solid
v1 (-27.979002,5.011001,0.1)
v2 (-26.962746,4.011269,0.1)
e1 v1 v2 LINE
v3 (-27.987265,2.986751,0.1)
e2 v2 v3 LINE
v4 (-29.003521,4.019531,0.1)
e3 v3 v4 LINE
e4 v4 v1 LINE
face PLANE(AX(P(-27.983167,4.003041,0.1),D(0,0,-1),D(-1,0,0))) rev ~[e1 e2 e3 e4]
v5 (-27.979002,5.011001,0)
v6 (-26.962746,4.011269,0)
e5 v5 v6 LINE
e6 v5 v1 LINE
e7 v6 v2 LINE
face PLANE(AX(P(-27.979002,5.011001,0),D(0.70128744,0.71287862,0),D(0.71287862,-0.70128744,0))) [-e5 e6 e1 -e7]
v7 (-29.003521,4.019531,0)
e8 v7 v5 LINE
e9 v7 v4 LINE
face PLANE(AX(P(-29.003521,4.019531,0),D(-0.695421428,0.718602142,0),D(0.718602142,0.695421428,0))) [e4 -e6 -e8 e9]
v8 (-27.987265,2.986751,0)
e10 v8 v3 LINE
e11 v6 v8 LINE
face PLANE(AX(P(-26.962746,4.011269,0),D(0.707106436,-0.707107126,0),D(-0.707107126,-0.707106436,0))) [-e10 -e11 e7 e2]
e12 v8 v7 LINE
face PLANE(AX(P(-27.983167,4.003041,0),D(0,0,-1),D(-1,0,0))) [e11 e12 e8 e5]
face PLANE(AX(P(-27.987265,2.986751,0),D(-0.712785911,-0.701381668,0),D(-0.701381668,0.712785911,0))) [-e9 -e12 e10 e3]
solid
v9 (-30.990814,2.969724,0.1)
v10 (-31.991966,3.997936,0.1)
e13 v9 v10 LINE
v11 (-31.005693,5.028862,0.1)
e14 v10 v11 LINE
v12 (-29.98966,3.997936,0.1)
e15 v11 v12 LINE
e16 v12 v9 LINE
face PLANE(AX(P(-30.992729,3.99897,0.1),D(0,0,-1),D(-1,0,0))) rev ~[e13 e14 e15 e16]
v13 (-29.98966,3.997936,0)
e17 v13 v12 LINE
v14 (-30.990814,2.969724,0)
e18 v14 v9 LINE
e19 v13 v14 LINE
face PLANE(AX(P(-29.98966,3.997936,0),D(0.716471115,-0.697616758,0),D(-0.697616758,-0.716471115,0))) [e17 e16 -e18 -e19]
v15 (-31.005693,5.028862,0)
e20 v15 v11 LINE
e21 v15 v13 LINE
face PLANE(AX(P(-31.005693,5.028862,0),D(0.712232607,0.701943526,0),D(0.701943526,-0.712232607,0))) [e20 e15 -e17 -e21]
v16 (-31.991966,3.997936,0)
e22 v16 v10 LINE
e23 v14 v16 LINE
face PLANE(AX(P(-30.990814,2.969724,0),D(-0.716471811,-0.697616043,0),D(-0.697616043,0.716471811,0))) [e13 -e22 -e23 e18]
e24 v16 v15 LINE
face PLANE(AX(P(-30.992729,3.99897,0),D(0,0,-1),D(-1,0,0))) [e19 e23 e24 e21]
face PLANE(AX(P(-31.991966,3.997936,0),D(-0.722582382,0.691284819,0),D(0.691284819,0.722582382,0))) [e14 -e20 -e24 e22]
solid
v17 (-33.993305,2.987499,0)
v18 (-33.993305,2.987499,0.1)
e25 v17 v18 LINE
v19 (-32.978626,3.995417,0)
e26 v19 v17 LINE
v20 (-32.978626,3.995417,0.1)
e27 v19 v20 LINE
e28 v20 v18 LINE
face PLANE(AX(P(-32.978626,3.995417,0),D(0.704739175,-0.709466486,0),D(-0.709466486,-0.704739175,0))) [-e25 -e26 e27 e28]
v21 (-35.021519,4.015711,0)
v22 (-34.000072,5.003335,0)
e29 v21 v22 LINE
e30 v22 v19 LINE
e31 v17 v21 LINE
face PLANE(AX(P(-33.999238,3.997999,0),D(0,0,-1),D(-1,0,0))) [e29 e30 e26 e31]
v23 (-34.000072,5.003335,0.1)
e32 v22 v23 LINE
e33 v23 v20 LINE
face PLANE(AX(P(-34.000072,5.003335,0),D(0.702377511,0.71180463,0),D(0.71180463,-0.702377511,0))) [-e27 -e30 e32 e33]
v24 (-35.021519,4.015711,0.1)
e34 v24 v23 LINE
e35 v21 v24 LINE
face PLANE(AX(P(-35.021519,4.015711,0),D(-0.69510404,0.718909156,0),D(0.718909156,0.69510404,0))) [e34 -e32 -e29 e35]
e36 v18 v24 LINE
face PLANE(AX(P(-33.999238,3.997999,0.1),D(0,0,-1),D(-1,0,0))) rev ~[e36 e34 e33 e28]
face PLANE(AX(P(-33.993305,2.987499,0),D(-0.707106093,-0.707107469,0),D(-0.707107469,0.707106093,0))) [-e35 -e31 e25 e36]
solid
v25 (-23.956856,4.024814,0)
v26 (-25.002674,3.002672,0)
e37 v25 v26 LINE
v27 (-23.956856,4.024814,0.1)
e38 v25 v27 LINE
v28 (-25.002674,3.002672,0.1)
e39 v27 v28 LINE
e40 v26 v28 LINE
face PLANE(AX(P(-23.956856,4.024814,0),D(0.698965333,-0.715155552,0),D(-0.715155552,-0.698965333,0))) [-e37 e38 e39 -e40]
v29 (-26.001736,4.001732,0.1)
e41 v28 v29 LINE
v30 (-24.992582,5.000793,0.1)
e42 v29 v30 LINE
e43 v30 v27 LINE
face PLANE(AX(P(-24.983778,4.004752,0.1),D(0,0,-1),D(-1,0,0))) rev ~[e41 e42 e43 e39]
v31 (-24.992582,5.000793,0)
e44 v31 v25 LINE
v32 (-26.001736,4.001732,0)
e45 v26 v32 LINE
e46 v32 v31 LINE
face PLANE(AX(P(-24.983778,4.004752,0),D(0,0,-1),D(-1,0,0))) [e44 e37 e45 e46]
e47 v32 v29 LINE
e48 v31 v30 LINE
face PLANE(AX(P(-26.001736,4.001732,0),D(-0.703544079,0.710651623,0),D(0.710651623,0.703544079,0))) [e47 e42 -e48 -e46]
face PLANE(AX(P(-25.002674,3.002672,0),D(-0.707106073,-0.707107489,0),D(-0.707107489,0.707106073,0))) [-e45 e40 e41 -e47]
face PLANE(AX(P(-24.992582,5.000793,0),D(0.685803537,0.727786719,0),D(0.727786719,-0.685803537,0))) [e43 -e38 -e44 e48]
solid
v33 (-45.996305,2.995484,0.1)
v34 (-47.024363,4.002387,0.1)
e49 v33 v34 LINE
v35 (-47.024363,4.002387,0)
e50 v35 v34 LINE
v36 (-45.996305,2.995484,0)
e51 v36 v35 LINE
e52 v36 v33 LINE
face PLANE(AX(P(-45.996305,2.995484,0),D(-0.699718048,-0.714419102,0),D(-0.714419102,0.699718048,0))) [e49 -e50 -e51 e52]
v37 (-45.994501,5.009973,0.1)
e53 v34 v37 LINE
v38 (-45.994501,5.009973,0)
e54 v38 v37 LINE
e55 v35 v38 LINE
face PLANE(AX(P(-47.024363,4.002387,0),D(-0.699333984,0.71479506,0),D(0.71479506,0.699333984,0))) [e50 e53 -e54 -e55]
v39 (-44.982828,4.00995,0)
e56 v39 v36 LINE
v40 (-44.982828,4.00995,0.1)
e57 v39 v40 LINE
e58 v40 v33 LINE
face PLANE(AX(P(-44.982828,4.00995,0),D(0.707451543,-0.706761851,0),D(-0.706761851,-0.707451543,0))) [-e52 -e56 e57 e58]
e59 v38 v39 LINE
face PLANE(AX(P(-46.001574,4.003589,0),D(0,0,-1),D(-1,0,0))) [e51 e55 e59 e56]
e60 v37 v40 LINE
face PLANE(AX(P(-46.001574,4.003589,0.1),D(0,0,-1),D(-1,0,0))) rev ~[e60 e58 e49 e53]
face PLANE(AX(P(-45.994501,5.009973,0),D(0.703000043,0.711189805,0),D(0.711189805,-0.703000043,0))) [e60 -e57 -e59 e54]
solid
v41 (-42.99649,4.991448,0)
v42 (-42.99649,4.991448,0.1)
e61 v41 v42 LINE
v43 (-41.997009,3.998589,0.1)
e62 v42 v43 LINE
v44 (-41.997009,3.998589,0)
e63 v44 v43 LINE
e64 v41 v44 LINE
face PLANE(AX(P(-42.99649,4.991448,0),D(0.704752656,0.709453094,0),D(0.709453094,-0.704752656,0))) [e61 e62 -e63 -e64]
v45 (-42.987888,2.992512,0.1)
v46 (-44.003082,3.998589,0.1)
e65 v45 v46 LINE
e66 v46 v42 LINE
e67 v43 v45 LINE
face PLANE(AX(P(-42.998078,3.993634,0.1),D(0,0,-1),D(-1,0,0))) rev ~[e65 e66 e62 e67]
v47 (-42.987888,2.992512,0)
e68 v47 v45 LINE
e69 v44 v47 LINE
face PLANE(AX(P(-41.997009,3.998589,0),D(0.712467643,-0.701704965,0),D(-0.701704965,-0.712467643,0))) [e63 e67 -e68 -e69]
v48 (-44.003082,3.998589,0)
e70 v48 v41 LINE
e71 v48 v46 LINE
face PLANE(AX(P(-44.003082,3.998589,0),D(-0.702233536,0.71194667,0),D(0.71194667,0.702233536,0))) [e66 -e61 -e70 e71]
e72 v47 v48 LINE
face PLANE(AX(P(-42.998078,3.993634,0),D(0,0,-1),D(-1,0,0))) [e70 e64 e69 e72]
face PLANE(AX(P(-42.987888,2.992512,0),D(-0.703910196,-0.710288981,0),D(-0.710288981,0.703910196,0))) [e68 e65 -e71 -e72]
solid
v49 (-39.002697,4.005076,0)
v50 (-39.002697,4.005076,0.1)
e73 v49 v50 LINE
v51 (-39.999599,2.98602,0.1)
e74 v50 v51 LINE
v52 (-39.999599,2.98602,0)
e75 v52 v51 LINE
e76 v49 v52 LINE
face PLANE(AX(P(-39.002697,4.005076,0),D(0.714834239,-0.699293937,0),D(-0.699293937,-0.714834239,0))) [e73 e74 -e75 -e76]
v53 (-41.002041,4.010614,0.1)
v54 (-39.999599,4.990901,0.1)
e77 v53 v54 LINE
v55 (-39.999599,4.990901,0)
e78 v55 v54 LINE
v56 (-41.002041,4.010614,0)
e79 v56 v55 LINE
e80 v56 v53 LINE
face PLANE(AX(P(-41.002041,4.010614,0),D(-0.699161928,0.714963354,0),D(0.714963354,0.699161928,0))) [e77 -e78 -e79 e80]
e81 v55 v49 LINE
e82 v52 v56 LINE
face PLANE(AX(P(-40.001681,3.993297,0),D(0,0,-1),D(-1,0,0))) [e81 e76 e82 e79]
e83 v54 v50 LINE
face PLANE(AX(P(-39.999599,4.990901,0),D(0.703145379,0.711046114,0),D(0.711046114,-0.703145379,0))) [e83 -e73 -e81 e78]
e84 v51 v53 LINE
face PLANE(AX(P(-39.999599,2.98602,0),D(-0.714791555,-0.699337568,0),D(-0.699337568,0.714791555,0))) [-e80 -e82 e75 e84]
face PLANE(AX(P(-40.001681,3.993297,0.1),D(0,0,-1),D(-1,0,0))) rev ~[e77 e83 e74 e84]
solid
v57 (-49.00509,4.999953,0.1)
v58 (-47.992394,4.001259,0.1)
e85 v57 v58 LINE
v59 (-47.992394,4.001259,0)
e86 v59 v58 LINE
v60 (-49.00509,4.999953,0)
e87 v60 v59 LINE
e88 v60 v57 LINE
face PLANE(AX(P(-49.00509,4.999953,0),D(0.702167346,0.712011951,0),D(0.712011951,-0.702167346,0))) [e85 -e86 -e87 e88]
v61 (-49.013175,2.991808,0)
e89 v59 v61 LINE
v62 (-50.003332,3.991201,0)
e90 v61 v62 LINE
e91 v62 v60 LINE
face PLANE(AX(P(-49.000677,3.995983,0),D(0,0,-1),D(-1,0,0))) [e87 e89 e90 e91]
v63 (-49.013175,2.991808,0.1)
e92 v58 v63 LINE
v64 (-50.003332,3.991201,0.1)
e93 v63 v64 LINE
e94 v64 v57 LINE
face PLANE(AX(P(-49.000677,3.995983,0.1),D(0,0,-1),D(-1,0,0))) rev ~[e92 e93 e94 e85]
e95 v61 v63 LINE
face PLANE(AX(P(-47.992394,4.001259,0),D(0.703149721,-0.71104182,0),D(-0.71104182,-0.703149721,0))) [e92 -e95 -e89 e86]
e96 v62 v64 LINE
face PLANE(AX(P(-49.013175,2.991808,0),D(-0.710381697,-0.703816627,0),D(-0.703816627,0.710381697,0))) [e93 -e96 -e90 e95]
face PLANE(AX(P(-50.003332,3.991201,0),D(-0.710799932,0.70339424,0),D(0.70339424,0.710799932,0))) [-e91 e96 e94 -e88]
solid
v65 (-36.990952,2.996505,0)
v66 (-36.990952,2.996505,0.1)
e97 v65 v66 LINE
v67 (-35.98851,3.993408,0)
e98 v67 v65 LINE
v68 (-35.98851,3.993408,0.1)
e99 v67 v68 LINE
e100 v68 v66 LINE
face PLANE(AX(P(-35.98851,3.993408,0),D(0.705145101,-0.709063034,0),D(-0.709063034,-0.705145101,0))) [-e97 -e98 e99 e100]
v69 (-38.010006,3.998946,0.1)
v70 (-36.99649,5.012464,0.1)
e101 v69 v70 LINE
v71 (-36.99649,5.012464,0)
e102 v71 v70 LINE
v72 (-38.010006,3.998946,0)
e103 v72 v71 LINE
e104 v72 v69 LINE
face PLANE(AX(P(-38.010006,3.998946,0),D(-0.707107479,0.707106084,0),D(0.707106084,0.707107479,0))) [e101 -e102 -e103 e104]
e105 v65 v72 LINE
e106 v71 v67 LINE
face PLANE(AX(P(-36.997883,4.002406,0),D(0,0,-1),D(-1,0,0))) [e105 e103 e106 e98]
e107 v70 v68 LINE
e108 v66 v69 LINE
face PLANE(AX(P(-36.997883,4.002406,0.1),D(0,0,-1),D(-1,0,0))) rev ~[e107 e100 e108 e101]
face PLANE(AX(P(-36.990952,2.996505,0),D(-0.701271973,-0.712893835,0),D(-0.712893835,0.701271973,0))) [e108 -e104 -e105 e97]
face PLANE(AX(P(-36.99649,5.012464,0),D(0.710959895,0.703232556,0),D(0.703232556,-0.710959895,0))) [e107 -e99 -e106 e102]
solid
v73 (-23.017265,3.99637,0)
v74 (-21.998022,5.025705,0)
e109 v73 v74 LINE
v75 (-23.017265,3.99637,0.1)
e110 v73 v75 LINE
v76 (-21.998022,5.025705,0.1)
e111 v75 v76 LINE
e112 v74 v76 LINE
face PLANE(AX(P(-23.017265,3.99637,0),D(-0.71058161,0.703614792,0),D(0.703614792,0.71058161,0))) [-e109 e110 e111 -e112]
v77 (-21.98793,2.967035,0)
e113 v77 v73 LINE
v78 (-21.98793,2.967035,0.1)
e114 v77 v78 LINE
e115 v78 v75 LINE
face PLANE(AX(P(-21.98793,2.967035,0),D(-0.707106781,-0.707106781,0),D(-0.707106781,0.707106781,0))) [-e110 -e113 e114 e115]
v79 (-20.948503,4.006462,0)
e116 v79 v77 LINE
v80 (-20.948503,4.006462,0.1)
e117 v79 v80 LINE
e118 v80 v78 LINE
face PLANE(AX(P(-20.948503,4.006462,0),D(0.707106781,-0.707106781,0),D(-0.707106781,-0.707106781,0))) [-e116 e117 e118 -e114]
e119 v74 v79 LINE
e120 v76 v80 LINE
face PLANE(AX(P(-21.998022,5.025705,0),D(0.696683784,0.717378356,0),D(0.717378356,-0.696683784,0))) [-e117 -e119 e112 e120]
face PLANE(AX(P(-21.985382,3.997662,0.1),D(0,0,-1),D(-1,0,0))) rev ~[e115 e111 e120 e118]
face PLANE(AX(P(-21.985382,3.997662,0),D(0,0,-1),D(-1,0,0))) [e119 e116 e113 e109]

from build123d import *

# Parameters (mm, degrees)
PAD_DEPTH    = 0.1
PAD001_DEPTH = 0.1
PAD002_DEPTH = 0.1
PAD003_DEPTH = 0.1
PAD004_DEPTH = 0.1
PAD005_DEPTH = 0.1
PAD006_DEPTH = 0.1
PAD007_DEPTH = 0.1
PAD008_DEPTH = 0.1
PAD009_DEPTH = 0.1


with BuildPart() as body:
    # Sketch → Pad (new body)
    with BuildSketch(Plane.XY):
        Polygon((-50.003332, 3.991201), (-49.00509, 4.999953), (-47.992394, 4.001259), (-49.013175, 2.991808), align=None)
    extrude(amount=PAD_DEPTH)


with BuildPart() as body001:
    # Sketch001 → Pad001 (new body)
    with BuildSketch(Plane.XY):
        Polygon((-47.024363, 4.002387), (-45.994501, 5.009973), (-44.982828, 4.00995), (-45.996305, 2.995484), align=None)
    extrude(amount=PAD001_DEPTH)


with BuildPart() as body002:
    # Sketch002 → Pad002 (new body)
    with BuildSketch(Plane.XY):
        Polygon((-44.003082, 3.998589), (-42.99649, 4.991448), (-41.997009, 3.998589), (-42.987888, 2.992512), align=None)
    extrude(amount=PAD002_DEPTH)


with BuildPart() as body003:
    # Sketch003 → Pad003 (new body)
    with BuildSketch(Plane.XY):
        Polygon((-41.002041, 4.010614), (-39.999599, 4.990901), (-39.002697, 4.005076), (-39.999599, 2.98602), align=None)
    extrude(amount=PAD003_DEPTH)


with BuildPart() as body004:
    # Sketch004 → Pad004 (new body)
    with BuildSketch(Plane.XY):
        Polygon((-38.010006, 3.998946), (-36.99649, 5.012464), (-35.98851, 3.993408), (-36.990952, 2.996505), align=None)
    extrude(amount=PAD004_DEPTH)


with BuildPart() as body005:
    # Sketch005 → Pad005 (new body)
    with BuildSketch(Plane.XY):
        Polygon((-35.021519, 4.015711), (-34.000072, 5.003335), (-32.978626, 3.995417), (-33.993305, 2.987499), align=None)
    extrude(amount=PAD005_DEPTH)


with BuildPart() as body006:
    # Sketch006 → Pad006 (new body)
    with BuildSketch(Plane.XY):
        Polygon((-31.991966, 3.997936), (-31.005693, 5.028862), (-29.98966, 3.997936), (-30.990814, 2.969724), align=None)
    extrude(amount=PAD006_DEPTH)


with BuildPart() as body007:
    # Sketch007 → Pad007 (new body)
    with BuildSketch(Plane.XY):
        Polygon((-29.003521, 4.019531), (-27.979002, 5.011001), (-26.962746, 4.011269), (-27.987265, 2.986751), align=None)
    extrude(amount=PAD007_DEPTH)


with BuildPart() as body008:
    # Sketch008 → Pad008 (new body)
    with BuildSketch(Plane.XY):
        Polygon((-26.001736, 4.001732), (-24.992582, 5.000793), (-23.956856, 4.024814), (-25.002674, 3.002672), align=None)
    extrude(amount=PAD008_DEPTH)


with BuildPart() as body009:
    # Sketch009 → Pad009 (new body)
    with BuildSketch(Plane.XY):
        Polygon((-23.017265, 3.99637), (-21.998022, 5.025705), (-20.948503, 4.006462), (-21.98793, 2.967035), align=None)
    extrude(amount=PAD009_DEPTH)


solid = Compound([body.part, body001.part, body002.part, body003.part, body004.part, body005.part, body006.part, body007.part, body008.part, body009.part])
